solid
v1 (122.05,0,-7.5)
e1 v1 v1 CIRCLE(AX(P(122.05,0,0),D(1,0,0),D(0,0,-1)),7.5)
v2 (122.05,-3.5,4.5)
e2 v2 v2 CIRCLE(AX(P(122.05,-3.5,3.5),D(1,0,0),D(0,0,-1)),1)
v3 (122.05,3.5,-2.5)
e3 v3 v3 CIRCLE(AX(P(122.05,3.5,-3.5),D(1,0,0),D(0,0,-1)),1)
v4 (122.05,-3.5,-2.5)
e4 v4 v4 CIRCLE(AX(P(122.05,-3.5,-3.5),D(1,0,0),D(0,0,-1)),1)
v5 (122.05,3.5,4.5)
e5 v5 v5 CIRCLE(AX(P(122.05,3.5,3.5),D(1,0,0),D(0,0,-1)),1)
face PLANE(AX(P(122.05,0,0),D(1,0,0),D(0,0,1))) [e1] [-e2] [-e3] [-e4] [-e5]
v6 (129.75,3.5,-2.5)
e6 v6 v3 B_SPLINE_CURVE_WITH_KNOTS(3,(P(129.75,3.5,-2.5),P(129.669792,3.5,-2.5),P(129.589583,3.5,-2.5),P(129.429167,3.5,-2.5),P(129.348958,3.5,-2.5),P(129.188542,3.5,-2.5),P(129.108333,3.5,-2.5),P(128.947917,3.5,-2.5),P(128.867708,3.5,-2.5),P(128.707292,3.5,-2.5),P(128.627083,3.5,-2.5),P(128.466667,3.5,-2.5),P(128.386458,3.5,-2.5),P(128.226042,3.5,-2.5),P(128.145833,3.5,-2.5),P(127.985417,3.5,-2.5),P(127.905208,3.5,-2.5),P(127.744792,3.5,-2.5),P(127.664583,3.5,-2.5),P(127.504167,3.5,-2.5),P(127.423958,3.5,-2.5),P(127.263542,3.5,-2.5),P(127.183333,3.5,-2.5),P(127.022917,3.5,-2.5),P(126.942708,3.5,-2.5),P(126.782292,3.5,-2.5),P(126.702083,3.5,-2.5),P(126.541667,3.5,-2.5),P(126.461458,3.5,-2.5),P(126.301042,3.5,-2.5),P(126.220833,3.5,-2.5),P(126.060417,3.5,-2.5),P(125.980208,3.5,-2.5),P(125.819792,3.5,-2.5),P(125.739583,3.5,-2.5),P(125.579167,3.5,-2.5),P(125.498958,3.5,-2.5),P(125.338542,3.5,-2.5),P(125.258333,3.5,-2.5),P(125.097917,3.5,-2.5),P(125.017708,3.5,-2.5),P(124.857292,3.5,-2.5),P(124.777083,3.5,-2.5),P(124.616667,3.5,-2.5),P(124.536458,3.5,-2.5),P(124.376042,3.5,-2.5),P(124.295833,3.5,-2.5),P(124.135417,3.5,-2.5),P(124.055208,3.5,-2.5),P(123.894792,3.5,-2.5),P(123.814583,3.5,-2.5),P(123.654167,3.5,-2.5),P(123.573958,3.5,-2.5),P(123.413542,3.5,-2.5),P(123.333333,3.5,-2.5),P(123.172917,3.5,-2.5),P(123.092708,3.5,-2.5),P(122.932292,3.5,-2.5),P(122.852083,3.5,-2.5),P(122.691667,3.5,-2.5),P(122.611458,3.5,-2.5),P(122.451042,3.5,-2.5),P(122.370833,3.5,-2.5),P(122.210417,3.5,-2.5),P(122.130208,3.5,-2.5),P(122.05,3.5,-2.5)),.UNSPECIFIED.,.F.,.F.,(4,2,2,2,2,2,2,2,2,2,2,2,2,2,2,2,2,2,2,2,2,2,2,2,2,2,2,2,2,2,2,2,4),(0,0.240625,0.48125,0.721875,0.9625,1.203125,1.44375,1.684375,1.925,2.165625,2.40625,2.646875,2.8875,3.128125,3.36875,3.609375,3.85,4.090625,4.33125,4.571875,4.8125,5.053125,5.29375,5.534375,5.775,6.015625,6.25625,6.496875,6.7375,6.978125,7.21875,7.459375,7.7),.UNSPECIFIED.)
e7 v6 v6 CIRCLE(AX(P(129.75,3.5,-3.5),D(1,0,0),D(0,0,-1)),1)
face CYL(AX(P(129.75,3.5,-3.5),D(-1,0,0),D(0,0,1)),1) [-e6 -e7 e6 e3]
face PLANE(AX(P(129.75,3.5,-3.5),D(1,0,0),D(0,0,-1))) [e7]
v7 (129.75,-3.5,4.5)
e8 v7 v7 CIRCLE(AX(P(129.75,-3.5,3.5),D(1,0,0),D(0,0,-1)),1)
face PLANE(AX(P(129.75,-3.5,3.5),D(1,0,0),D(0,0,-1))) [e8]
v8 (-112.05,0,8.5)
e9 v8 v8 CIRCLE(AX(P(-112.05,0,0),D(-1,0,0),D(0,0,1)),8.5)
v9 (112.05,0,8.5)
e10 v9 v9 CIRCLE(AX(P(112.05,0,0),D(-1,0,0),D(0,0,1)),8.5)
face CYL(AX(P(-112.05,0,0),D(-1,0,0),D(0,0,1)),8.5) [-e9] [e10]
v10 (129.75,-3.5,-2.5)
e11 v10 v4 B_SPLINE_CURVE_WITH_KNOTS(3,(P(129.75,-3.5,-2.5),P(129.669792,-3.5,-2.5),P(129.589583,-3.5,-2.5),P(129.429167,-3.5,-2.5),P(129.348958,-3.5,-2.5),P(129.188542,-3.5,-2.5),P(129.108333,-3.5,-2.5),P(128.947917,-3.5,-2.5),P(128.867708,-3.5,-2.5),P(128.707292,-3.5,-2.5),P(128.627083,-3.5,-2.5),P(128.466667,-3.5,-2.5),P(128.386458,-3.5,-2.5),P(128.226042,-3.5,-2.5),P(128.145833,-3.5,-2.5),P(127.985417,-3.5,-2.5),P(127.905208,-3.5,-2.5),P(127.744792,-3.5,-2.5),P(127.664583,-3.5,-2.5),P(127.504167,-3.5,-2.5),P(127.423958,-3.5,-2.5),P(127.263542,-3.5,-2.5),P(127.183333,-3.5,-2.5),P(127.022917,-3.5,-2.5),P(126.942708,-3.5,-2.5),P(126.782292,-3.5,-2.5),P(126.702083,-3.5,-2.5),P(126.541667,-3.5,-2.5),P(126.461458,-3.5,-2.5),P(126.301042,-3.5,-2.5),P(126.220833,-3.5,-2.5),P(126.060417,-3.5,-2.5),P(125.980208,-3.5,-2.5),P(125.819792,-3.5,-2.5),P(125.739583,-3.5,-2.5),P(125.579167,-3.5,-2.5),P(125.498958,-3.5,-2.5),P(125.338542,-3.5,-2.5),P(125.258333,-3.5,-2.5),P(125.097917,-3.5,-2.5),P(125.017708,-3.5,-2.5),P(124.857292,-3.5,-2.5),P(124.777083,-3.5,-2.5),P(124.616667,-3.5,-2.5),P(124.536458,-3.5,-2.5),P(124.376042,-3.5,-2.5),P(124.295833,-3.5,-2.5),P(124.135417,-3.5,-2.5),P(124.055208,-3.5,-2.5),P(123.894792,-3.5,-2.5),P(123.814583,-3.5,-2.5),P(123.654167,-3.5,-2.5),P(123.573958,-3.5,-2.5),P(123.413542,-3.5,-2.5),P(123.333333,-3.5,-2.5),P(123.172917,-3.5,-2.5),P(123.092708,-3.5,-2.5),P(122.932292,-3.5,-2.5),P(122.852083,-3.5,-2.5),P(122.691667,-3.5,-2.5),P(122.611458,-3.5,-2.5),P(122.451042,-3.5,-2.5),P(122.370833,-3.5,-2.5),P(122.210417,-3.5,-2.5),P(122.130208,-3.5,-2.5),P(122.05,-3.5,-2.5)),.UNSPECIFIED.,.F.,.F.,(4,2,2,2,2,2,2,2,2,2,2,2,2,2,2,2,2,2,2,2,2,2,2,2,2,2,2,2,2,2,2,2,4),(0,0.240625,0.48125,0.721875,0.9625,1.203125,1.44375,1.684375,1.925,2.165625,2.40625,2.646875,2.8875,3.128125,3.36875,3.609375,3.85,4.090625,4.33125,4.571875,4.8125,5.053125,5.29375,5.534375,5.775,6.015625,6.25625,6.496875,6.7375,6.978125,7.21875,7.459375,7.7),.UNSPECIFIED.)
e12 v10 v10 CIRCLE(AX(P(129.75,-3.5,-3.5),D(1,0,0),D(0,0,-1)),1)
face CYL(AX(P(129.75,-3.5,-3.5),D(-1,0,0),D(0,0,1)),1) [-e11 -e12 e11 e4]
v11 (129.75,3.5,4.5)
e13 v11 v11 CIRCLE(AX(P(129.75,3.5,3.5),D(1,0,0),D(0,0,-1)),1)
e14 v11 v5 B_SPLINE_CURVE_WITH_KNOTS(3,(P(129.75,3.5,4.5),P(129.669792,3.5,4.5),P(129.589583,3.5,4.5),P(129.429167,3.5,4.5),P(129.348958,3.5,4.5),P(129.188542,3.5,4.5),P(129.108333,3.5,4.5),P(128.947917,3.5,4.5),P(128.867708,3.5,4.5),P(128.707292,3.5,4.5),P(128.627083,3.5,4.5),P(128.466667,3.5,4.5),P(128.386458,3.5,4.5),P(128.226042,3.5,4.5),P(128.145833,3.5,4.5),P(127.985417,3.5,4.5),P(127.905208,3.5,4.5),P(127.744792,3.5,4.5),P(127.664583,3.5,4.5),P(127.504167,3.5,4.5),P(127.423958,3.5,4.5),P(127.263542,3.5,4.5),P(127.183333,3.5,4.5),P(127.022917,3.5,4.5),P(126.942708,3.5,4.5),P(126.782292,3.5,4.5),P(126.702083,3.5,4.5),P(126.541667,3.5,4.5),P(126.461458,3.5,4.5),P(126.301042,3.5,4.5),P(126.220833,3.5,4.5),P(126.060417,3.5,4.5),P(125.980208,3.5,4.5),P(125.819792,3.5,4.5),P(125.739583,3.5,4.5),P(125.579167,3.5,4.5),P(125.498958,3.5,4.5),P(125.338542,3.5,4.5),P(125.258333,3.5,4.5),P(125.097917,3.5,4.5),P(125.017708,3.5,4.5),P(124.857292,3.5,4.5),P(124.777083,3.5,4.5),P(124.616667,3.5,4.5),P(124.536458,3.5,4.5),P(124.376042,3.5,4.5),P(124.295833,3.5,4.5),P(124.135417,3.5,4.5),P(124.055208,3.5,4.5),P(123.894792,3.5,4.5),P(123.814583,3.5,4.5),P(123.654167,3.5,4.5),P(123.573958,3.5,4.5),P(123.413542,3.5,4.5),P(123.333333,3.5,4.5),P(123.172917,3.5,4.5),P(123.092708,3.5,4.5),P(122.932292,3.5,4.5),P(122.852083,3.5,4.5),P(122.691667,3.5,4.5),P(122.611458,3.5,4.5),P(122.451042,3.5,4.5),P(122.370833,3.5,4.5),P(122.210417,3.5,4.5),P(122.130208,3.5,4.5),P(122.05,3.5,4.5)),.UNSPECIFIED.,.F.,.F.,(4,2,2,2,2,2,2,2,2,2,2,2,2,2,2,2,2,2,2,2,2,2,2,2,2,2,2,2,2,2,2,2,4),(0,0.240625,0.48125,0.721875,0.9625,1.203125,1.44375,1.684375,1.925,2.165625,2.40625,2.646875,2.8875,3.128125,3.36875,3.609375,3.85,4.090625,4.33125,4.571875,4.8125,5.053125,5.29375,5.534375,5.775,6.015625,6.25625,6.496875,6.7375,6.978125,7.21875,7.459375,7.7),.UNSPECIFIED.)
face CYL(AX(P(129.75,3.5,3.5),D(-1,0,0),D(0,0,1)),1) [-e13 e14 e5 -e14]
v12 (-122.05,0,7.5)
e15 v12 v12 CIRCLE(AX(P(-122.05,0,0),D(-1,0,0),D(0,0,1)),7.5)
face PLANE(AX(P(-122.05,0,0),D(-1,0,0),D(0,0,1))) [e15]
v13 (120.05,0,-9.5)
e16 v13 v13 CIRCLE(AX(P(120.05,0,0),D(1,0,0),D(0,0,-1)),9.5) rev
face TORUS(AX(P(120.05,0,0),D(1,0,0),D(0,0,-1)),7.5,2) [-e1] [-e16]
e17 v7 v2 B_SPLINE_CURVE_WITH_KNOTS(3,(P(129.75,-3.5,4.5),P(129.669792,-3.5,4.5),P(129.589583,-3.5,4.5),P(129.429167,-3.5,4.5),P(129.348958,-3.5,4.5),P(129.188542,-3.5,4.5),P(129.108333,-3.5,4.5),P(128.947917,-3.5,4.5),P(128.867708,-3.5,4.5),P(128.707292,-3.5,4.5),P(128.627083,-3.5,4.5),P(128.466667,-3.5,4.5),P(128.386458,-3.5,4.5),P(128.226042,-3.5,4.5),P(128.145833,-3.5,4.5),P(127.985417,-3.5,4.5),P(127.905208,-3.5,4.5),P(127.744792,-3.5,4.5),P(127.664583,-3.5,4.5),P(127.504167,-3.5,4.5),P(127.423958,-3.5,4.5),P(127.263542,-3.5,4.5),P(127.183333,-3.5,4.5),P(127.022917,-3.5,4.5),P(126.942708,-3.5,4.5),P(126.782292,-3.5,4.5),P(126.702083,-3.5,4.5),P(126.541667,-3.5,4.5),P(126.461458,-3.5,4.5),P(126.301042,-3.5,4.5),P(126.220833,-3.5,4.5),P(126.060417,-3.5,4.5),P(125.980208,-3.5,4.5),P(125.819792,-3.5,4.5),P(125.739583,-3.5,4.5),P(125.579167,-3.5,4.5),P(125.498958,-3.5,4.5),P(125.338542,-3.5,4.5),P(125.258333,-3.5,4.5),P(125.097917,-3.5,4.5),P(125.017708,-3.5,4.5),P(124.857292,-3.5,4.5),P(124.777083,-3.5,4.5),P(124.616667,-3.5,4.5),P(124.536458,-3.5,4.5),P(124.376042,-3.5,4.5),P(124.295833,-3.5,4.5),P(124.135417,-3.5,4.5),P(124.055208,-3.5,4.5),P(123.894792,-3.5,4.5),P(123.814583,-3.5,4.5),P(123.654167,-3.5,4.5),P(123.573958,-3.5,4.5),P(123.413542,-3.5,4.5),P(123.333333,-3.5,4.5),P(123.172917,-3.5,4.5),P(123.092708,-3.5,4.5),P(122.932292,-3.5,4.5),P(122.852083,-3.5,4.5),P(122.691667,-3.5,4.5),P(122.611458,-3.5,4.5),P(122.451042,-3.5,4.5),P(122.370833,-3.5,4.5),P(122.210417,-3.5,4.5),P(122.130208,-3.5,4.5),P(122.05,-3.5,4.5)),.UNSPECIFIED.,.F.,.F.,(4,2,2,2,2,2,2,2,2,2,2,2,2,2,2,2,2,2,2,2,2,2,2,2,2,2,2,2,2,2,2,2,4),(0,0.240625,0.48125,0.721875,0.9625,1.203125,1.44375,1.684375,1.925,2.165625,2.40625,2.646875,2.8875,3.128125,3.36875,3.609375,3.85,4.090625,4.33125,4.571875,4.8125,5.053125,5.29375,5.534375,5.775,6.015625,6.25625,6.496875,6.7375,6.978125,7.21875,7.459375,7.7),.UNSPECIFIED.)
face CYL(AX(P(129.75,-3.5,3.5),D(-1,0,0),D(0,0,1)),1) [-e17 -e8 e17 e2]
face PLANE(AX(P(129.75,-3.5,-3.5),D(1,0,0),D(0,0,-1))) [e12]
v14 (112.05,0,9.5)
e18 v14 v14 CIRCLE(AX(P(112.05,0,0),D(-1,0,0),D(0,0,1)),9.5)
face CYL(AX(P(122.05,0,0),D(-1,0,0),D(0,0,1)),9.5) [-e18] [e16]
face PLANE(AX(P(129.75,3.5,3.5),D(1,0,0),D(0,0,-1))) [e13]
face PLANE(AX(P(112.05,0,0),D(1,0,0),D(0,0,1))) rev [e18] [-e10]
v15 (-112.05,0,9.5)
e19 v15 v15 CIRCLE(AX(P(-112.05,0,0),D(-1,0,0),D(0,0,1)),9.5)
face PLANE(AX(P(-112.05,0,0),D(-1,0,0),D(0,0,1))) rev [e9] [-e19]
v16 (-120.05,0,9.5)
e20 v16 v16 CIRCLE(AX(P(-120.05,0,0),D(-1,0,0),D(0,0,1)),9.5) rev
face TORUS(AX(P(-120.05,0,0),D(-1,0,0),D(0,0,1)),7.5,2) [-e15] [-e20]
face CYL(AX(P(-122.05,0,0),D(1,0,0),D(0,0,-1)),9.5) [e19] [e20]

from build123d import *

# Parameters (mm, degrees)
SKETCH1_W           = 224.1
SKETCH1_H           = 8.5
SKETCH2_R           = 9.5
BOSS_EXTRUDE1_DEPTH = 10
FILLET1_R           = 2
SKETCH3_R           = 1
BOSS_EXTRUDE2_DEPTH = 7.7


with BuildPart() as part:
    # Sketch1 → Revolve1 (revolve)
    with BuildSketch(Plane(origin=(0, 0, 0), x_dir=(1, 0, 0), z_dir=(0, 1, 0)), mode=Mode.PRIVATE) as revolve1_sk:
        with Locations((0, 4.25)):
            Rectangle(SKETCH1_W, SKETCH1_H)
    revolve(revolve1_sk.sketch.rotate(Axis((-112.05, 0, 0), (1, 0, 0)), 180), axis=Axis((-112.05, 0, 0), (1, 0, 0)))

    # Sketch2 → Boss-Extrude1 (add)
    with BuildSketch(Plane.ZY.offset(112.05)):
        Circle(SKETCH2_R)
    boss_extrude1 = extrude(amount=BOSS_EXTRUDE1_DEPTH)

    # Mirror1: Boss-Extrude1 across plane
    add(boss_extrude1.mirror(Plane(origin=(0, 0, 0), x_dir=(0, 0, 1), z_dir=(1, 0, 0))))

    # Fillet1
    fillet1_edges = [part.edges().sort_by_distance(p)[0] for p in [
        (122.05, 0, -9.5),
        (-122.05, 0, -9.5),
    ]]
    fillet(fillet1_edges, radius=FILLET1_R)

    # Sketch3 → Boss-Extrude2 (add)
    with BuildSketch(Plane(origin=(122.05, 0, 0), x_dir=(0, 0, -1), z_dir=(1, 0, 0))):
        with Locations(Location((-3.5, 3.5, 0), (0, 0, 180))):
            Circle(SKETCH3_R)
        with Locations(Location((3.5, 3.5, 0), (0, 0, 180))):
            Circle(SKETCH3_R)
        with Locations(Location((3.5, -3.5, 0), (0, 0, 180))):
            Circle(SKETCH3_R)
        with Locations(Location((-3.5, -3.5, 0), (0, 0, 180))):
            Circle(SKETCH3_R)
    extrude(amount=BOSS_EXTRUDE2_DEPTH)


solid = part.part
